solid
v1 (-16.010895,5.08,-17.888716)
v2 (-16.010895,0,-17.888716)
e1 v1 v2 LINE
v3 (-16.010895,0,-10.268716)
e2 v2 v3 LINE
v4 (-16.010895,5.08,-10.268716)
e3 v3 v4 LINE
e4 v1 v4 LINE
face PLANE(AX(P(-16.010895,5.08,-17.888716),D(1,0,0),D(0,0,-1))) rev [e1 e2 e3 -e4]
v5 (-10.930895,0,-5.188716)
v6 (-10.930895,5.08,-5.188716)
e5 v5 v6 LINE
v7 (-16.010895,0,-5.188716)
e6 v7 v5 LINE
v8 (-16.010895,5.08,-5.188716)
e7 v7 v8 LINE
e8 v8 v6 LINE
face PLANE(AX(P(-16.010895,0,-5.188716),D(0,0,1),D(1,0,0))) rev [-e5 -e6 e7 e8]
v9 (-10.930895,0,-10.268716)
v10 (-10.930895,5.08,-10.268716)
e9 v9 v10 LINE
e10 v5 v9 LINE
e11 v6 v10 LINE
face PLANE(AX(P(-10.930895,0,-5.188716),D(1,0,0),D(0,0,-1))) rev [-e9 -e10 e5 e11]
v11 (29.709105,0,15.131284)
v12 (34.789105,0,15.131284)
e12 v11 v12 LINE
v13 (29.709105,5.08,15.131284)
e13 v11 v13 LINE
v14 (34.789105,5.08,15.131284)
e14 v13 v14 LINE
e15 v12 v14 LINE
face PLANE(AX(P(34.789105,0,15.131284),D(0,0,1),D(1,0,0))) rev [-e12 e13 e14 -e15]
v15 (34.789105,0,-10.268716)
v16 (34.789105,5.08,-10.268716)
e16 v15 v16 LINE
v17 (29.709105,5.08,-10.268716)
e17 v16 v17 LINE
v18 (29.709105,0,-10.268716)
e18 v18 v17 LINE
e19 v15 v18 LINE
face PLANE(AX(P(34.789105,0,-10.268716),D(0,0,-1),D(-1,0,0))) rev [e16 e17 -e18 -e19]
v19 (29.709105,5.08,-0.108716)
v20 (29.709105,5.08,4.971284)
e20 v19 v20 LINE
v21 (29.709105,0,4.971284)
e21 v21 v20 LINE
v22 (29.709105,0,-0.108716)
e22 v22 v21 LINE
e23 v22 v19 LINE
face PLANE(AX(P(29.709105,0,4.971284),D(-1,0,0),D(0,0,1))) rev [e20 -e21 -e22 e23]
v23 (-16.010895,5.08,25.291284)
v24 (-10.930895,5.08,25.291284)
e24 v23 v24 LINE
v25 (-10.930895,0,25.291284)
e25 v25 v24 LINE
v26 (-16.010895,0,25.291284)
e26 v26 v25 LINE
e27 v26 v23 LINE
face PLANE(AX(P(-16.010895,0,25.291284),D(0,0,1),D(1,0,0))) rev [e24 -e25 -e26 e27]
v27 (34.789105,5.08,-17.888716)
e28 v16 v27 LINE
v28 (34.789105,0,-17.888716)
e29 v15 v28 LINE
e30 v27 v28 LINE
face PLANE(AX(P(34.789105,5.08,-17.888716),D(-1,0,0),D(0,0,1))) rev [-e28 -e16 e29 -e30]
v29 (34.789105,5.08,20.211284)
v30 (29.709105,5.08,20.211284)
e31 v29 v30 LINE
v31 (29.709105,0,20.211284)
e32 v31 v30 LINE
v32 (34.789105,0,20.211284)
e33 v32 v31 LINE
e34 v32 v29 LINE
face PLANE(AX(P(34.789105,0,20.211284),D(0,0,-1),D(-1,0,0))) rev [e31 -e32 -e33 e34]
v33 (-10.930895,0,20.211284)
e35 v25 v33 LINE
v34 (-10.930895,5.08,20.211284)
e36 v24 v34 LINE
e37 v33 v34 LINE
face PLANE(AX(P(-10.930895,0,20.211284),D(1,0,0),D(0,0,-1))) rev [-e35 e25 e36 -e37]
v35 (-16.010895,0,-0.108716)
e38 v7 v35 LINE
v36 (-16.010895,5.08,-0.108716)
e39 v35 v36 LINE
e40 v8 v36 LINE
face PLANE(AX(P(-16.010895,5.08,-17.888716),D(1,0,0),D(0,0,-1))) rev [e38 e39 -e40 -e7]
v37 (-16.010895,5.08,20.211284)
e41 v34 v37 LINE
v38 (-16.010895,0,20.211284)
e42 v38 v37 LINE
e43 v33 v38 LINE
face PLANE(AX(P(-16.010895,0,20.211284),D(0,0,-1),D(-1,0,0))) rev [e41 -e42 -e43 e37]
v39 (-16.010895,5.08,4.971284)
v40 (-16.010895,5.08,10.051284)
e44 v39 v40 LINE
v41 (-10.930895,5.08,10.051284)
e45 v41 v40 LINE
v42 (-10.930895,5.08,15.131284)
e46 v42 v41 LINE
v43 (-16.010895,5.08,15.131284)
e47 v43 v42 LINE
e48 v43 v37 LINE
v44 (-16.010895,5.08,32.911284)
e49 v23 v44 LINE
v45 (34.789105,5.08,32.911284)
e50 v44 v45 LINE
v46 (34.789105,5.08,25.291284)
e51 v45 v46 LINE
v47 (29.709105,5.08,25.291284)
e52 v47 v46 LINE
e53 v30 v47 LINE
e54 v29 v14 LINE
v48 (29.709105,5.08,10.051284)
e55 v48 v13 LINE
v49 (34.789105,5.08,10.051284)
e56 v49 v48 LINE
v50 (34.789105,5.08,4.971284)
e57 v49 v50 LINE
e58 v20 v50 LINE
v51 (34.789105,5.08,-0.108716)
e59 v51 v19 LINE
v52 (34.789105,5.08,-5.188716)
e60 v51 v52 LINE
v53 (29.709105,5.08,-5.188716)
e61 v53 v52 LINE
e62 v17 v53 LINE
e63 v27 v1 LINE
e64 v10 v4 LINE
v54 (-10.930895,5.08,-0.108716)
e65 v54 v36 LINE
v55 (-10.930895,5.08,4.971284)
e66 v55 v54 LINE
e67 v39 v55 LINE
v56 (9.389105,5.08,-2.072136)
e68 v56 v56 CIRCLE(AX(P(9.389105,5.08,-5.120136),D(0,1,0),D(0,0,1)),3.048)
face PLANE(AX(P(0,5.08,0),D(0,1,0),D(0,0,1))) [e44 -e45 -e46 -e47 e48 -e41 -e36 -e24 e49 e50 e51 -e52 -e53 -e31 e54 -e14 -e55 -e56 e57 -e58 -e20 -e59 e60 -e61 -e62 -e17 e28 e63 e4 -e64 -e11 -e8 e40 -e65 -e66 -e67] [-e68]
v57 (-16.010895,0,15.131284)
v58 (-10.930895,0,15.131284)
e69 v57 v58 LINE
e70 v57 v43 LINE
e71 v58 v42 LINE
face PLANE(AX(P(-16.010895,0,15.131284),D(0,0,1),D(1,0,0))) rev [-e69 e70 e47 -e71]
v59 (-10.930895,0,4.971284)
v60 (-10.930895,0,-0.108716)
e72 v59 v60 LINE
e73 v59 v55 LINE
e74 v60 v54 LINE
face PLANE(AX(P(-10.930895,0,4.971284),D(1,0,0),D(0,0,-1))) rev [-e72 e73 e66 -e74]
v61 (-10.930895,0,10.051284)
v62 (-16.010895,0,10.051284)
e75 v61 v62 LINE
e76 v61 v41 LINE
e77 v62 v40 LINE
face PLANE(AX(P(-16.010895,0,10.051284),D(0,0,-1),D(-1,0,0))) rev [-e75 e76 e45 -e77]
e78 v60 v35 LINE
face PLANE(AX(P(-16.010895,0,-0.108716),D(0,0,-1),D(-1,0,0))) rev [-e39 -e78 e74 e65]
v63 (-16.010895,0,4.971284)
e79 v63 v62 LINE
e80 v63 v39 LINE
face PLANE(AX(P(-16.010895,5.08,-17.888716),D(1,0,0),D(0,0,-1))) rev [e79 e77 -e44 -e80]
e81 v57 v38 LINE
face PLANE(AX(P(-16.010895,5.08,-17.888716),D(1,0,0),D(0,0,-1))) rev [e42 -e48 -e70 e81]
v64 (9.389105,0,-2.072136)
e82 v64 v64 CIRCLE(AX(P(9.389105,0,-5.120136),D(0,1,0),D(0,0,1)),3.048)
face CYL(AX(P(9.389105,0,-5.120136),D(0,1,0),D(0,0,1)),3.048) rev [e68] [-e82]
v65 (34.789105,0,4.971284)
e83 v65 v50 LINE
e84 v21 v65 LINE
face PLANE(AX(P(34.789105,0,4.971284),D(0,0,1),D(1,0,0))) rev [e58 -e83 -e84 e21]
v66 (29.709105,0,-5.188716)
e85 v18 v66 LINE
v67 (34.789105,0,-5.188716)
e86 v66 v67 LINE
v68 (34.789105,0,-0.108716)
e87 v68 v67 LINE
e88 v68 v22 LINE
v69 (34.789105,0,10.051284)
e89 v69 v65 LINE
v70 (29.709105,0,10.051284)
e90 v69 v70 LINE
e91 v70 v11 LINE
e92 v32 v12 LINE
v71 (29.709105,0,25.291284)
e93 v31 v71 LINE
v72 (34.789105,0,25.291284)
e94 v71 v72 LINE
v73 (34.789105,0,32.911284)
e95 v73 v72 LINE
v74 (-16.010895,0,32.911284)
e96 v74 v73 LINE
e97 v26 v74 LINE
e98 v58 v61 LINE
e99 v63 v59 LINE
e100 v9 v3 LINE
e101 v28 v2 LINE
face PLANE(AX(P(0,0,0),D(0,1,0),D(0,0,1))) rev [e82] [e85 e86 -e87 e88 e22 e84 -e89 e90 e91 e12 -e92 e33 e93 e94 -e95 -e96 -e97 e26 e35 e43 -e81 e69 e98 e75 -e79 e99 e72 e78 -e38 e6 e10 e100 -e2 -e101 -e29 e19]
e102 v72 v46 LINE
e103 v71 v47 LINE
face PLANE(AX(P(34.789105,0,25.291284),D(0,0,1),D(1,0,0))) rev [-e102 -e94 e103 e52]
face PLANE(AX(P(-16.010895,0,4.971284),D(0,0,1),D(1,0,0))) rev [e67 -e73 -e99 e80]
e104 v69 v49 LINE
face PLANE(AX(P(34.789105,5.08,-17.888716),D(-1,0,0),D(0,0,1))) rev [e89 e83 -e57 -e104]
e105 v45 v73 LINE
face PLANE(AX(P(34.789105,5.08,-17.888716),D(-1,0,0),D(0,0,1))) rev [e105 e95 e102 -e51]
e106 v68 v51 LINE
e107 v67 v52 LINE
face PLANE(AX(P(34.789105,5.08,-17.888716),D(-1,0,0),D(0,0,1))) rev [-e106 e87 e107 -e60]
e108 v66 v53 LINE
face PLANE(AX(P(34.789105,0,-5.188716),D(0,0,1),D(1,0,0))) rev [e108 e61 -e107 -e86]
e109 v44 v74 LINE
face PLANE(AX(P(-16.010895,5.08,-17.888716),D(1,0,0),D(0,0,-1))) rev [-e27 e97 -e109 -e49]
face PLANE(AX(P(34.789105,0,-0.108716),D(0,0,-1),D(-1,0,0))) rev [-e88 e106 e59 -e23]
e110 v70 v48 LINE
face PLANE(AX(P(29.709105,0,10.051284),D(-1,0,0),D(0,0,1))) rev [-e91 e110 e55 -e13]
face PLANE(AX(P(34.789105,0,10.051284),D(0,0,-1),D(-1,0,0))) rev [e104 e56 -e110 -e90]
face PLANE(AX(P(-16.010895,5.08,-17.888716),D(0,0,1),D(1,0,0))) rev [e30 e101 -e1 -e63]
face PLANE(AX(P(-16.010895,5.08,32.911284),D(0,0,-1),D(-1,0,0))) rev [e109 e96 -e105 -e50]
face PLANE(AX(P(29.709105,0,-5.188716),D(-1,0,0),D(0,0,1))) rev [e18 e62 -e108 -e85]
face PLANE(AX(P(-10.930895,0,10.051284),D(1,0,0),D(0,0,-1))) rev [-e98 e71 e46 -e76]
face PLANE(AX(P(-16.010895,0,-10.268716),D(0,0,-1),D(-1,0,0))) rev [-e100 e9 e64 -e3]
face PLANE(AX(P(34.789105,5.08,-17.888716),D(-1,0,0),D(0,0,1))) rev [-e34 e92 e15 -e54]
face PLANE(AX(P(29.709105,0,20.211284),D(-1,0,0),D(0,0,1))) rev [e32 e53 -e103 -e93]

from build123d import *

# Parameters (mm, degrees)
SKETCH1_W           = 50.8
SKETCH1_H           = 50.8
BOSS_EXTRUDE1_DEPTH = 5.08
SKETCH2_R           = 3.048
SKETCH2_W           = 5.08
SKETCH2_H           = 5.08
CUT_EXTRUDE1_DEPTH  = 5.08


with BuildPart() as part:
    # Sketch1 → Boss-Extrude1 (new body)
    with BuildSketch(Plane(origin=(0, 0, 0), x_dir=(1, 0, 0), z_dir=(0, 1, 0))):
        with Locations((9.389105058, -7.511284047)):
            Rectangle(SKETCH1_W, SKETCH1_H)
    extrude(amount=BOSS_EXTRUDE1_DEPTH)

    # Sketch2 → Cut-Extrude1 (cut)
    with BuildSketch(Plane(origin=(0, 5.08, 0), x_dir=(1, 0, 0), z_dir=(0, 1, 0))):
        with Locations(Location((9.389105058, 5.120135953, 0), (0, 0, 270))):
            Circle(SKETCH2_R)
        with Locations((32.249105058, -22.751284047)):
            Rectangle(SKETCH2_W, SKETCH2_H)
        with Locations((-13.470894942, -12.591284047)):
            Rectangle(SKETCH2_W, SKETCH2_H)
        with Locations((-13.470894942, -22.751284047)):
            Rectangle(SKETCH2_W, SKETCH2_H)
        with Locations((32.249105058, -12.591284047)):
            Rectangle(SKETCH2_W, SKETCH2_H)
        with Locations((32.249105058, -2.431284047)):
            Rectangle(SKETCH2_W, SKETCH2_H)
        with Locations((32.249105058, 7.728715953)):
            Rectangle(SKETCH2_W, SKETCH2_H)
        with Locations((-13.470894942, 7.728715953)):
            Rectangle(SKETCH2_W, SKETCH2_H)
        with Locations((-13.470894942, -2.431284047)):
            Rectangle(SKETCH2_W, SKETCH2_H)
    extrude(amount=-CUT_EXTRUDE1_DEPTH, mode=Mode.SUBTRACT)


solid = part.part
